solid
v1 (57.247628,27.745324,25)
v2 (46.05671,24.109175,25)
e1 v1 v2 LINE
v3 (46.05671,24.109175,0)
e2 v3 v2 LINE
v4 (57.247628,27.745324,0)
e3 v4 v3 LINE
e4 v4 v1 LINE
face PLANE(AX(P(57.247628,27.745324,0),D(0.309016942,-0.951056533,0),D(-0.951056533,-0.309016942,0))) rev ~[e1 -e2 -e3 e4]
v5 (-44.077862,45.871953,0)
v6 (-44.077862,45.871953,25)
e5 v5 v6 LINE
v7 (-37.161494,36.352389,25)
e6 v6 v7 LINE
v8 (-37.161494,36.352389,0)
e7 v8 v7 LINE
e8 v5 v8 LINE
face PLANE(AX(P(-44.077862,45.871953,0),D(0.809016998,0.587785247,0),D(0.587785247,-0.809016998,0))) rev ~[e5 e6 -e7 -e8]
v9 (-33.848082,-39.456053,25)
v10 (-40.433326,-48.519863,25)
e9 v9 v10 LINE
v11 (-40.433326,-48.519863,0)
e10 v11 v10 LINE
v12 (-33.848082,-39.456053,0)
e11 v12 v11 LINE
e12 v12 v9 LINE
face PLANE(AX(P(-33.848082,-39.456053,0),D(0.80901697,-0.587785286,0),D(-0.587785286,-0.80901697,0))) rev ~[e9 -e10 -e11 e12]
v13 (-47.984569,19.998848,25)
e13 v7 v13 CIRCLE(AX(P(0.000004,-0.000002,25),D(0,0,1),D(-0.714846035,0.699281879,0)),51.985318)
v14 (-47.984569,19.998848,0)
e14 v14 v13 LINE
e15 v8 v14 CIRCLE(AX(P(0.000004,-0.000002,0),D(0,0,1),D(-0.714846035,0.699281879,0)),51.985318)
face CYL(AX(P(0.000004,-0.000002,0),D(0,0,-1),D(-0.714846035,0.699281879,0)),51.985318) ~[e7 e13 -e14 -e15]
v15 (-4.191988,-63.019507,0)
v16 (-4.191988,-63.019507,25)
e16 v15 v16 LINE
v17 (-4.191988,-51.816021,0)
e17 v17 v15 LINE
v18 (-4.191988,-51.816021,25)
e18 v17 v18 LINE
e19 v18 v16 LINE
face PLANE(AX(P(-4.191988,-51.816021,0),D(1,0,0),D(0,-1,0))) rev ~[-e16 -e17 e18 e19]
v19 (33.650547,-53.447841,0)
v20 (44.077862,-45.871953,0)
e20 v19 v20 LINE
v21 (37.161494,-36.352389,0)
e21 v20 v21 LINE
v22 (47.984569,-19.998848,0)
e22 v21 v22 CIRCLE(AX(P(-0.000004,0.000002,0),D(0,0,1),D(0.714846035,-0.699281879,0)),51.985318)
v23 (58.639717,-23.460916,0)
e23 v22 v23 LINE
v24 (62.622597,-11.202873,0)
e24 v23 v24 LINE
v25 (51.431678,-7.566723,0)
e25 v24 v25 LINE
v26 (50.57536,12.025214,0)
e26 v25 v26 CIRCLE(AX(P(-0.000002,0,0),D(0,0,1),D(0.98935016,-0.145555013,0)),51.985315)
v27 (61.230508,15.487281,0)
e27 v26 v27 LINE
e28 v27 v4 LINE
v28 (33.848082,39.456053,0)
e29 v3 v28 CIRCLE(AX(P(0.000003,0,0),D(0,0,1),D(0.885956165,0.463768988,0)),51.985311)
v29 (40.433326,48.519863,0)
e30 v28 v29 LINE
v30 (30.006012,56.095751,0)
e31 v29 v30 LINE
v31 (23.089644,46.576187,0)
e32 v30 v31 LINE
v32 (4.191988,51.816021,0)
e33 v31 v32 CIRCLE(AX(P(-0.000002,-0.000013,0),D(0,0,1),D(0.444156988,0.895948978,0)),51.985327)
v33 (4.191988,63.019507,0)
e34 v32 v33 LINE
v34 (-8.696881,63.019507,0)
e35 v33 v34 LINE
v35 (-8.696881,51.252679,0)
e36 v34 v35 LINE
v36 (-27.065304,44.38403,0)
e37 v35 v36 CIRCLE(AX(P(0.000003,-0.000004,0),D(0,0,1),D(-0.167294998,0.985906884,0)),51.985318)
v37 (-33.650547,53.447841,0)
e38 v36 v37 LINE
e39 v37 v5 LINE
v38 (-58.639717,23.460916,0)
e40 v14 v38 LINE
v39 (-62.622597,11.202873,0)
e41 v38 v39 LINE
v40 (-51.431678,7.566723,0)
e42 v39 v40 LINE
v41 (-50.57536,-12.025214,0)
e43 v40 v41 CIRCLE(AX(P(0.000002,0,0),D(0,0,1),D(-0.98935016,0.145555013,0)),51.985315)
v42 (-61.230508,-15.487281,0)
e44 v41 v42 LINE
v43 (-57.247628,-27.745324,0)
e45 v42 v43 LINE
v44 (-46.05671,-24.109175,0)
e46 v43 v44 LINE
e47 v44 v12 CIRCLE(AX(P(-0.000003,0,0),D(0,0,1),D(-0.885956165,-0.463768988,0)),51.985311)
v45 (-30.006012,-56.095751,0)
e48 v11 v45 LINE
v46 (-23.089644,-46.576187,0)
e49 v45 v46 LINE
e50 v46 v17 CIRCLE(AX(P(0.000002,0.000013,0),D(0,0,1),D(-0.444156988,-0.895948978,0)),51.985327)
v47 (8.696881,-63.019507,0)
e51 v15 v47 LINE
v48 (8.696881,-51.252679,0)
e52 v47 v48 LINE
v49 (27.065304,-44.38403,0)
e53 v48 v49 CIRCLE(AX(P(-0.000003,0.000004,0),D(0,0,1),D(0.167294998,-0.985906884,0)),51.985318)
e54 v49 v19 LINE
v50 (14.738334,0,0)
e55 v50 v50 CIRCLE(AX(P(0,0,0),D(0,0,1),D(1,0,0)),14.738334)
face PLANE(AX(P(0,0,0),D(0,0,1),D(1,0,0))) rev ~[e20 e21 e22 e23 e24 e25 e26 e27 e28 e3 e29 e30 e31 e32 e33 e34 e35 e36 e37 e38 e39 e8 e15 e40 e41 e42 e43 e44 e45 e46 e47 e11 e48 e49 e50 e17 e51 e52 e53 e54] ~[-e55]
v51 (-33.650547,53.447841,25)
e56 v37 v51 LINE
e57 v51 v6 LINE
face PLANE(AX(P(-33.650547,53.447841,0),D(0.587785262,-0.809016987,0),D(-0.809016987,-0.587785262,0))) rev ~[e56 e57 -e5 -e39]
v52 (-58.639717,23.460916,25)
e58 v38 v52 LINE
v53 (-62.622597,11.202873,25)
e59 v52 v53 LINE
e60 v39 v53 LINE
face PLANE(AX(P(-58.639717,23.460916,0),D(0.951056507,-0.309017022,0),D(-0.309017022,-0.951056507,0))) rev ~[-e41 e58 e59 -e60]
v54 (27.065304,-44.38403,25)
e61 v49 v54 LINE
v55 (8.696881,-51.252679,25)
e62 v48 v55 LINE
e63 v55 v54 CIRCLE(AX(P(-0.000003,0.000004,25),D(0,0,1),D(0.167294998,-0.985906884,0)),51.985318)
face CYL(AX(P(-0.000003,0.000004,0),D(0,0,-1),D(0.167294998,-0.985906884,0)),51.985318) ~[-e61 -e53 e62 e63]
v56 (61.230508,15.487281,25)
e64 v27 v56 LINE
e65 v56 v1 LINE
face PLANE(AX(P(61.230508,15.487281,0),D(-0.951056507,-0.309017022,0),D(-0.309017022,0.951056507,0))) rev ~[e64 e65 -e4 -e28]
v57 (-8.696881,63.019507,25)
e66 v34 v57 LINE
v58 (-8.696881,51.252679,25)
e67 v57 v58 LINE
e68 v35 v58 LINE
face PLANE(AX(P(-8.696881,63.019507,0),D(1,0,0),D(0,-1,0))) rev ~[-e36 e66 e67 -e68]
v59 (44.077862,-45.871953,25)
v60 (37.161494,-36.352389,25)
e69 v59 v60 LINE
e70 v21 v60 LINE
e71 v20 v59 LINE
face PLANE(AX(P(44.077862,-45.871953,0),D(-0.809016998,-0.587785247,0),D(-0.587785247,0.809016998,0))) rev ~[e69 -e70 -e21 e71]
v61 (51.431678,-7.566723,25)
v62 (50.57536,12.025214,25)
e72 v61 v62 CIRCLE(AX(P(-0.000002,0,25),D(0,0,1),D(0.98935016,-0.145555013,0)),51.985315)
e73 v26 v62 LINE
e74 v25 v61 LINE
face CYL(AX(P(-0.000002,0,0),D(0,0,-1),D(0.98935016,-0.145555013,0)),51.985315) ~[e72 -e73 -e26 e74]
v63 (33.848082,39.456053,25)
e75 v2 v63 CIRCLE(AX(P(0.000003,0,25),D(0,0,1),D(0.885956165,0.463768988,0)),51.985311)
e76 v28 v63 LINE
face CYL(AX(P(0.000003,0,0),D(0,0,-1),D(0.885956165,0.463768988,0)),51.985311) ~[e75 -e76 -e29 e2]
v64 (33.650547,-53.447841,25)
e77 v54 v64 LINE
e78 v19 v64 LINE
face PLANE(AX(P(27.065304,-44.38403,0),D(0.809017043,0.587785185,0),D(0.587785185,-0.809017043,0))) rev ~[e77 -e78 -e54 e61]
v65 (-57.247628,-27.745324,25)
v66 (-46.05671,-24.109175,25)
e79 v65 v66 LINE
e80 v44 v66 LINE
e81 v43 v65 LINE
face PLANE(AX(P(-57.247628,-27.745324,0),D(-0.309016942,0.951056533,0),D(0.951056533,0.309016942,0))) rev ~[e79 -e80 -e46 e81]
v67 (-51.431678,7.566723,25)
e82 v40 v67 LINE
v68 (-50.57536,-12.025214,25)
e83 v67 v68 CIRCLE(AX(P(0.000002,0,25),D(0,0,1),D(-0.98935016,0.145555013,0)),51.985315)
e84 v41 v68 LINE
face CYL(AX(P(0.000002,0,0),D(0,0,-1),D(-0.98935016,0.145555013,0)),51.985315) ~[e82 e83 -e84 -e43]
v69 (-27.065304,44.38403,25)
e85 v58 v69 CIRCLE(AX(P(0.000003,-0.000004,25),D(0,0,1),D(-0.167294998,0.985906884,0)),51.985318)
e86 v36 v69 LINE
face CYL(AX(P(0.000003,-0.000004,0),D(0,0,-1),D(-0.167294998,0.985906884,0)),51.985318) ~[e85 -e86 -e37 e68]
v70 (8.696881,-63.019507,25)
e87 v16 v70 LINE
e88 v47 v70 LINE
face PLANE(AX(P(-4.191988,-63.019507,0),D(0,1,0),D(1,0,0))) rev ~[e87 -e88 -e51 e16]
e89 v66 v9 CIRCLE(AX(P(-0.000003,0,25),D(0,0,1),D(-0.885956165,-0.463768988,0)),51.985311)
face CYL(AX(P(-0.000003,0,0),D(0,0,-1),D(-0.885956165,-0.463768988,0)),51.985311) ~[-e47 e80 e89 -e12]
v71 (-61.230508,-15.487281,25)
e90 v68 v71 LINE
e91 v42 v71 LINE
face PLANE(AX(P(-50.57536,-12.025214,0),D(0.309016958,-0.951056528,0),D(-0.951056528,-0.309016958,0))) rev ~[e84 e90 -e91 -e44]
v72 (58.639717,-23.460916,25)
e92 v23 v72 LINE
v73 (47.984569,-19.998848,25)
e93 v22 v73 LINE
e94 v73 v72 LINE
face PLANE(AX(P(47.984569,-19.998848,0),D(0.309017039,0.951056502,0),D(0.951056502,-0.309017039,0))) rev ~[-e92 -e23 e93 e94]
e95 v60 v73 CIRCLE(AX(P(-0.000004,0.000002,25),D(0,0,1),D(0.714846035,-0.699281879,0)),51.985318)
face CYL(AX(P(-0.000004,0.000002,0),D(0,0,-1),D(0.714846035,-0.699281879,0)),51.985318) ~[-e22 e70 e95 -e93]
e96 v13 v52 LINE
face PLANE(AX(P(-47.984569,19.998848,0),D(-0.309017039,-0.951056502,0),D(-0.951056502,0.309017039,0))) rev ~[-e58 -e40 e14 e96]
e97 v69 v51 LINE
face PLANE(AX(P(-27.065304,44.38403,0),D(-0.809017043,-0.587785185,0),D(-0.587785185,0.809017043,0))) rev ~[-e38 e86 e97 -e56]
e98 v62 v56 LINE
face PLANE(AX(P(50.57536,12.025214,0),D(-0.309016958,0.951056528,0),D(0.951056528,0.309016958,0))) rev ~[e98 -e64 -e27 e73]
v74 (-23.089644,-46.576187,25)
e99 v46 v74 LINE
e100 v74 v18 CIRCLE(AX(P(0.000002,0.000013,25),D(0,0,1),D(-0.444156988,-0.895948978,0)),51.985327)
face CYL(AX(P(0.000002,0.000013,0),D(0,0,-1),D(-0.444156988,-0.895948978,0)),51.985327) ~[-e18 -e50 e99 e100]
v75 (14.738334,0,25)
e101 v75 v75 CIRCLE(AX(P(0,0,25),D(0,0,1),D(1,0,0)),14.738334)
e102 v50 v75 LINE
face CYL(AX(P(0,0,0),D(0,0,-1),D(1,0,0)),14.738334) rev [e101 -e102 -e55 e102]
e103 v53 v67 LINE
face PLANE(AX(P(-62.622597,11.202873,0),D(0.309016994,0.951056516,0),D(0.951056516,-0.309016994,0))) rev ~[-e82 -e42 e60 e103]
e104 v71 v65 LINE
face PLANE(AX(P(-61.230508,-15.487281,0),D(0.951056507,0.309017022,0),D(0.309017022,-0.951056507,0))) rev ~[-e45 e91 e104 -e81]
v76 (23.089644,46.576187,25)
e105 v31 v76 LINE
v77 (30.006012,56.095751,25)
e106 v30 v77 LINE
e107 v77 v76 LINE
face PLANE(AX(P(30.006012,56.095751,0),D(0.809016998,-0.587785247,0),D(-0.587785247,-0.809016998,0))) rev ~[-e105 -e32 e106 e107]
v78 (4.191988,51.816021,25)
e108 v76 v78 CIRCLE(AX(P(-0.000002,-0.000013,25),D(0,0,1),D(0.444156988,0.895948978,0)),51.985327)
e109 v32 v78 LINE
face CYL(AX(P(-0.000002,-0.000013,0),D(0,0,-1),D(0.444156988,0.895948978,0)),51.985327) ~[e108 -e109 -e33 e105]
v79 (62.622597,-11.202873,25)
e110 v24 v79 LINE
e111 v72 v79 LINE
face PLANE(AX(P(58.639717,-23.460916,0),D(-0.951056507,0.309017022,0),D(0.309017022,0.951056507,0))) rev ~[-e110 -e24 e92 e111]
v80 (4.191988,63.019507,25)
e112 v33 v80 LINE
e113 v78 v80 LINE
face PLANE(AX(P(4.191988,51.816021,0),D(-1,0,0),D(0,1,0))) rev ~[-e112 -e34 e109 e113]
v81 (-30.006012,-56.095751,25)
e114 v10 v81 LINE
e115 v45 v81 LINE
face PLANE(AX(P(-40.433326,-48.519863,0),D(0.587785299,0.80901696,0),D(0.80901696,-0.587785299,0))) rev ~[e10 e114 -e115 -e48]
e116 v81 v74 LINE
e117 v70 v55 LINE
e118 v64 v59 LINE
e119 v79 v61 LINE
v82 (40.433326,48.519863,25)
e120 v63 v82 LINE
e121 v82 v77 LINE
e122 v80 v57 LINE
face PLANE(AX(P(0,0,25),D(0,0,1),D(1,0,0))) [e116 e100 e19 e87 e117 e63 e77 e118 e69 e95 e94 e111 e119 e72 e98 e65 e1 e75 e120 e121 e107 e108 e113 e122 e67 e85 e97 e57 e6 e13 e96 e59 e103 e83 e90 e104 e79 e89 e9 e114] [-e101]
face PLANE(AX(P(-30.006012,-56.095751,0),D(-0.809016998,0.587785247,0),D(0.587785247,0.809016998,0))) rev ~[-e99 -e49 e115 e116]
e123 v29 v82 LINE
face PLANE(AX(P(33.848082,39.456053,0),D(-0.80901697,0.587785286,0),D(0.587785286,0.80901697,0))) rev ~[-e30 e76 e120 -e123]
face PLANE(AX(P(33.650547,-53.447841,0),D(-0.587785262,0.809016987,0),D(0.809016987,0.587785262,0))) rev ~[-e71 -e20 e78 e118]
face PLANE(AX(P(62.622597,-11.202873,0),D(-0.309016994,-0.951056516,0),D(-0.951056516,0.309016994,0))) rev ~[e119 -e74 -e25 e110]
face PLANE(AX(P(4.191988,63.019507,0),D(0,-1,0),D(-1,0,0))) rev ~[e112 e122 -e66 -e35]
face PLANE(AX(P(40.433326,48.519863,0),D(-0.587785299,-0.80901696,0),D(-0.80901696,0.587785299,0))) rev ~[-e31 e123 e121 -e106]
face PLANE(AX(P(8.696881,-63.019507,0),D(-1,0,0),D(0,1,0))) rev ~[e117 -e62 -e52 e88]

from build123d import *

# Parameters (mm, degrees)
F0_R     = 14.738334
F1_DEPTH = 25


with BuildPart() as f1:
    # F0 (on Top) → F1 (new body)
    with BuildSketch(Plane.XY):
        with BuildLine():
            Line((-44.077862, 45.871953), (-37.161494, 36.352389))
            ThreePointArc((-37.161494, 36.352389), (-43.351154, 28.690595), (-47.984569, 19.998848))
            Line((-47.984569, 19.998848), (-58.639717, 23.460916))
            Line((-58.639717, 23.460916), (-62.622597, 11.202873))
            Line((-62.622597, 11.202873), (-51.431678, 7.566723))
            ThreePointArc((-51.431678, 7.566723), (-51.935729, -2.26999), (-50.57536, -12.025214))
            Line((-50.57536, -12.025214), (-61.230508, -15.487281))
            Line((-61.230508, -15.487281), (-57.247628, -27.745324))
            Line((-57.247628, -27.745324), (-46.05671, -24.109175))
            ThreePointArc((-46.05671, -24.109175), (-40.682621, -32.363516), (-33.848082, -39.456053))
            Line((-33.848082, -39.456053), (-40.433326, -48.519863))
            Line((-40.433326, -48.519863), (-30.006012, -56.095751))
            Line((-30.006012, -56.095751), (-23.089644, -46.576187))
            ThreePointArc((-23.089644, -46.576187), (-13.890134, -50.095279), (-4.191988, -51.816021))
            Line((-4.191988, -51.816021), (-4.191988, -63.019507))
            Line((-4.191988, -63.019507), (8.696881, -63.019507))
            Line((8.696881, -63.019507), (8.696881, -51.252679))
            ThreePointArc((8.696881, -51.252679), (18.207912, -48.692348), (27.065304, -44.38403))
            Line((27.065304, -44.38403), (33.650547, -53.447841))
            Line((33.650547, -53.447841), (44.077862, -45.871953))
            Line((44.077862, -45.871953), (37.161494, -36.352389))
            ThreePointArc((37.161494, -36.352389), (43.351154, -28.690595), (47.984569, -19.998848))
            Line((47.984569, -19.998848), (58.639717, -23.460916))
            Line((58.639717, -23.460916), (62.622597, -11.202873))
            Line((62.622597, -11.202873), (51.431678, -7.566723))
            ThreePointArc((51.431678, -7.566723), (51.935729, 2.26999), (50.57536, 12.025214))
            Line((50.57536, 12.025214), (61.230508, 15.487281))
            Line((61.230508, 15.487281), (57.247628, 27.745324))
            Line((57.247628, 27.745324), (46.05671, 24.109175))
            ThreePointArc((46.05671, 24.109175), (40.682621, 32.363516), (33.848082, 39.456053))
            Line((33.848082, 39.456053), (40.433326, 48.519863))
            Line((40.433326, 48.519863), (30.006012, 56.095751))
            Line((30.006012, 56.095751), (23.089644, 46.576187))
            ThreePointArc((23.089644, 46.576187), (13.890134, 50.095279), (4.191988, 51.816021))
            Line((4.191988, 51.816021), (4.191988, 63.019507))
            Line((4.191988, 63.019507), (-8.696881, 63.019507))
            Line((-8.696881, 63.019507), (-8.696881, 51.252679))
            ThreePointArc((-8.696881, 51.252679), (-18.207912, 48.692348), (-27.065304, 44.38403))
            Line((-27.065304, 44.38403), (-33.650547, 53.447841))
            Line((-33.650547, 53.447841), (-44.077862, 45.871953))
        make_face()
        Circle(F0_R, mode=Mode.SUBTRACT)
    extrude(amount=F1_DEPTH)


solid = f1.part
